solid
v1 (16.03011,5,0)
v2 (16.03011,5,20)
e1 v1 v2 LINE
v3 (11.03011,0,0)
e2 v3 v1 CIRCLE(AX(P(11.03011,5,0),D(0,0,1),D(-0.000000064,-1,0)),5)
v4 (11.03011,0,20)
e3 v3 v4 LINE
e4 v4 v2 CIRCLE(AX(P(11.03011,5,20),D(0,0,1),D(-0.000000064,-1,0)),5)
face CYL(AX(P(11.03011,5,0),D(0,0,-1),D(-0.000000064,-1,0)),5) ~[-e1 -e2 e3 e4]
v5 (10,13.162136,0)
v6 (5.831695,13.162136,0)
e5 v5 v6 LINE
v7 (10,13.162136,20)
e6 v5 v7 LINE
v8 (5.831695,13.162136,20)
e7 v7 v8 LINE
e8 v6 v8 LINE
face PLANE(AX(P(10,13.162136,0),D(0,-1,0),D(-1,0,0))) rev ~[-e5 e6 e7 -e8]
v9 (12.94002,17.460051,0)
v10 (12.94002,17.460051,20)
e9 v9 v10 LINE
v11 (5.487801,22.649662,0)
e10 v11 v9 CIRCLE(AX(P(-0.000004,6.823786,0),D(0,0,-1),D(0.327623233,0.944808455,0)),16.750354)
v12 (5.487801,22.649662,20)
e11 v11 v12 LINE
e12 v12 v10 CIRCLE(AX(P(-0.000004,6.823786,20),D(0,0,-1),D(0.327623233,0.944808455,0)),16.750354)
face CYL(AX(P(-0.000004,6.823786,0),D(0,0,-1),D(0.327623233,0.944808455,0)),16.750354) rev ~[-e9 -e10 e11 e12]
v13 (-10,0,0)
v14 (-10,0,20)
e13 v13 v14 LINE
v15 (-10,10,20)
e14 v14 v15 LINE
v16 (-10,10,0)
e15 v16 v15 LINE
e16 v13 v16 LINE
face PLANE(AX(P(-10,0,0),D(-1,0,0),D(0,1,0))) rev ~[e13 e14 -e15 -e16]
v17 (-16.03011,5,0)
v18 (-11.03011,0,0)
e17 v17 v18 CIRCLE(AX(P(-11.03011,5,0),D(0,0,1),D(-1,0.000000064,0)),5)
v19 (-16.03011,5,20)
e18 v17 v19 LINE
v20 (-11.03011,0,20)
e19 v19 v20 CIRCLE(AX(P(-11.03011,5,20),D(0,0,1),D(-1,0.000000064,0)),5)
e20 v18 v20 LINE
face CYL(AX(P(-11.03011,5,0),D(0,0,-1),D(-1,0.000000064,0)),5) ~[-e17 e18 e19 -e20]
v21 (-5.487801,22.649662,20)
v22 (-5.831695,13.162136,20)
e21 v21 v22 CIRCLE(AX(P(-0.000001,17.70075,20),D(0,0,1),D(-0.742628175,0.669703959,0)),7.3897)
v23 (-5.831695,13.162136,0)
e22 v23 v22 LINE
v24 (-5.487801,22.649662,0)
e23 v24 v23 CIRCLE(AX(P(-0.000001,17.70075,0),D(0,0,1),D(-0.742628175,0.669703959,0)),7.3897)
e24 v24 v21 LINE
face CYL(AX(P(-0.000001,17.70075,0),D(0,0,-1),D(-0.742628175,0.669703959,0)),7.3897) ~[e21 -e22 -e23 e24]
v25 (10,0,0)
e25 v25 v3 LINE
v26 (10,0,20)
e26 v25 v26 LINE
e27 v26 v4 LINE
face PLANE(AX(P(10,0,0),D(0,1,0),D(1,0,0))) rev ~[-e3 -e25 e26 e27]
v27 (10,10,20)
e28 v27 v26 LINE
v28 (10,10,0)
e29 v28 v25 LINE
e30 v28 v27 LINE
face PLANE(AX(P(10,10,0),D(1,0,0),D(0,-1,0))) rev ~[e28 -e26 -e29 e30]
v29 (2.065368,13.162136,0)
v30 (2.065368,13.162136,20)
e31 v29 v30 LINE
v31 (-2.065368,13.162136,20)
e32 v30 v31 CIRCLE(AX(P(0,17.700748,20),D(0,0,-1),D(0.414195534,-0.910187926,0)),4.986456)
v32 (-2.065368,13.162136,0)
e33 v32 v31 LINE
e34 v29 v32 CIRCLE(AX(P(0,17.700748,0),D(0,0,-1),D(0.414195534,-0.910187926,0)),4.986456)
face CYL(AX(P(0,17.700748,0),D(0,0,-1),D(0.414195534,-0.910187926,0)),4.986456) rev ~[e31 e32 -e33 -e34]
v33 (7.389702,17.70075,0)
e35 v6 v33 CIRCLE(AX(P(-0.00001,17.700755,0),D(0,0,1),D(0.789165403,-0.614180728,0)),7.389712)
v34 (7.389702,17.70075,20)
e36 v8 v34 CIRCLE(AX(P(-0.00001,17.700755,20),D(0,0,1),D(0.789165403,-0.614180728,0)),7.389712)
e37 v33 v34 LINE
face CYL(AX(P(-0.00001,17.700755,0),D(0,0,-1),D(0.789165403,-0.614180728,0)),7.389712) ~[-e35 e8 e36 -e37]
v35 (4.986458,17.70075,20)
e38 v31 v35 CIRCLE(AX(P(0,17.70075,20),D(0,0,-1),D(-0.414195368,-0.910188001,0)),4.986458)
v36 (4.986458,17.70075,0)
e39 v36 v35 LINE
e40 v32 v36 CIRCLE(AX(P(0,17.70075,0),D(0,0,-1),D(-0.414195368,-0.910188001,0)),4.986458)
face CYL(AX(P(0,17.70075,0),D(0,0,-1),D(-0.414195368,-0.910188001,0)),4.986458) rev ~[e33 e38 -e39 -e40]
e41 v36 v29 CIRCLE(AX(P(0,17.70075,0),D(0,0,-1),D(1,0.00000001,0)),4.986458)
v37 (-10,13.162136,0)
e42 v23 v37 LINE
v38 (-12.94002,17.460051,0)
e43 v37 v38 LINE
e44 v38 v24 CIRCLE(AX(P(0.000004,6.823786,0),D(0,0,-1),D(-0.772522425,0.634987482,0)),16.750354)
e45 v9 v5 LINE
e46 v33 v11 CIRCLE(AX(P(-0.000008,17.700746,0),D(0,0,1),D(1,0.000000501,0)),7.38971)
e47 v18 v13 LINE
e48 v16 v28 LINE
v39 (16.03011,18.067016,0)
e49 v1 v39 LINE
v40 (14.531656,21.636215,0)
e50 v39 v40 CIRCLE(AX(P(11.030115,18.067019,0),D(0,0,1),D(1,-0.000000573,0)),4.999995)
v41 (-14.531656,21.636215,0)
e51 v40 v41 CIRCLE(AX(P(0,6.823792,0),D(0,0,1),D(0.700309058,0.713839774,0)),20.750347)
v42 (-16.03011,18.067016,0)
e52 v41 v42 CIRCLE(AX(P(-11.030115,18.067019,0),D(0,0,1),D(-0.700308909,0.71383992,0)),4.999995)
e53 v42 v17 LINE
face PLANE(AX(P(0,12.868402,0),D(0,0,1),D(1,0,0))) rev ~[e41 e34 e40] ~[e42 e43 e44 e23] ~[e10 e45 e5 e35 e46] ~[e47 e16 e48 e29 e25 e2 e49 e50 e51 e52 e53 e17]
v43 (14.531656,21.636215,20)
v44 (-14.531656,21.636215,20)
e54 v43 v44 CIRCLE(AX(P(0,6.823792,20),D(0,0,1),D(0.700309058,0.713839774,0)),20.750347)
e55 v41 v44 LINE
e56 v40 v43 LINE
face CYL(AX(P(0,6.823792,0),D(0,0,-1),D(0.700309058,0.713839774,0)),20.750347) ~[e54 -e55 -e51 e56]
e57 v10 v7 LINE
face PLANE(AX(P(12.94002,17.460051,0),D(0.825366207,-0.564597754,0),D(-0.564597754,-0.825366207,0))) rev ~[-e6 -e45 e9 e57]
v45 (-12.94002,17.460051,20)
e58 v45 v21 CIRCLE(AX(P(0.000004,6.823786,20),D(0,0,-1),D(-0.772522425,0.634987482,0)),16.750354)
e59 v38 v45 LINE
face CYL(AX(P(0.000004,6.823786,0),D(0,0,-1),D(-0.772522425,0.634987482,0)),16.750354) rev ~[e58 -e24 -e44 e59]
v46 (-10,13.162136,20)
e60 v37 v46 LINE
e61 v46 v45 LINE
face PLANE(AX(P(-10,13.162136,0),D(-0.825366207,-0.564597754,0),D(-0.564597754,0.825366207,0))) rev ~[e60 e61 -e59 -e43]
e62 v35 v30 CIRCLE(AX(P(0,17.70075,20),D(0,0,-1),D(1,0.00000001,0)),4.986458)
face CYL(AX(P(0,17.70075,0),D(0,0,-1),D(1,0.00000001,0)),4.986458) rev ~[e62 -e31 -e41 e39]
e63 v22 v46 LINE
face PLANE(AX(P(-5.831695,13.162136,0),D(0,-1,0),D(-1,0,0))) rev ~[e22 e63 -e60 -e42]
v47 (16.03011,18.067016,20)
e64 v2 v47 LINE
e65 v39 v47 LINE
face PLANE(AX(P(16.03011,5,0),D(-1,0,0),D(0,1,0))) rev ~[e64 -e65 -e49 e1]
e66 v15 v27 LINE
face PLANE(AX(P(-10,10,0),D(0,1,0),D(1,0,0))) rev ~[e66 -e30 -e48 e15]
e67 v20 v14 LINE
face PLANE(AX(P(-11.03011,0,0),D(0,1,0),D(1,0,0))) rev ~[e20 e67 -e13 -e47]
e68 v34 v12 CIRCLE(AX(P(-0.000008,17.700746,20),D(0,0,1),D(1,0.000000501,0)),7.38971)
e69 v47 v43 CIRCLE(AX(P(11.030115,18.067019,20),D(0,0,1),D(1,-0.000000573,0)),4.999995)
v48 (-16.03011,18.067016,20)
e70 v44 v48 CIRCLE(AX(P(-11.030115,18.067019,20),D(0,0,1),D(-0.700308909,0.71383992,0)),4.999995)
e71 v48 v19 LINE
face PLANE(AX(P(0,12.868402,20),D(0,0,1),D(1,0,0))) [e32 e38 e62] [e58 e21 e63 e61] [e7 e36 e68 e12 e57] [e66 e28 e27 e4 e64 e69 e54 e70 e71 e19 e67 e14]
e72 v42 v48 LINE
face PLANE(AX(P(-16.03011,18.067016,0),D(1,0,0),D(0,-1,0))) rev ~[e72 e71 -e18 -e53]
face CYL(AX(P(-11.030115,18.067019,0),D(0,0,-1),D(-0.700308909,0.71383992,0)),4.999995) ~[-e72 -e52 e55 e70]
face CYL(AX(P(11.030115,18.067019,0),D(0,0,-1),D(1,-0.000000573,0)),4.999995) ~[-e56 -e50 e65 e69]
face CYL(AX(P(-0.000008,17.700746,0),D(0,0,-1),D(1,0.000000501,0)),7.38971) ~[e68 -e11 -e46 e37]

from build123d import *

# Parameters (mm, degrees)
F1_DEPTH = 20


with BuildPart() as f1:
    # F0 (on Top) → F1 (new body)
    with BuildSketch(Plane.XY):
        with BuildLine():
            Line((10, 10), (10, 0))
            Line((10, 0), (11.03011, 0))
            ThreePointArc((11.03011, 0), (14.565644, 1.464466), (16.03011, 5))
            Line((16.03011, 5), (16.03011, 18.067016))
            ThreePointArc((16.03011, 18.067016), (15.640302, 20.00251), (14.531656, 21.636215))
            ThreePointArc((14.531656, 21.636215), (0, 27.574139), (-14.531656, 21.636215))
            ThreePointArc((-14.531656, 21.636215), (-15.640302, 20.00251), (-16.03011, 18.067016))
            Line((-16.03011, 18.067016), (-16.03011, 5))
            ThreePointArc((-16.03011, 5), (-14.565644, 1.464466), (-11.03011, 0))
            Line((-11.03011, 0), (-10, 0))
            Line((-10, 0), (-10, 10))
            Line((-10, 10), (10, 10))
        make_face()
        with BuildLine():
            ThreePointArc((5.831695, 13.162136), (0, 10.311049), (-5.831695, 13.162136))
            Line((-5.831695, 13.162136), (-10, 13.162136))
            Line((-10, 13.162136), (-12.94002, 17.460051))
            ThreePointArc((-12.94002, 17.460051), (-9.572312, 20.569517), (-5.487801, 22.649662))
            ThreePointArc((-5.487801, 22.649662), (0, 25.090452), (5.487801, 22.649662))
            ThreePointArc((5.487801, 22.649662), (9.572312, 20.569517), (12.94002, 17.460051))
            Line((12.94002, 17.460051), (10, 13.162136))
            Line((10, 13.162136), (5.831695, 13.162136))
        make_face(mode=Mode.SUBTRACT)
        with BuildLine():
            ThreePointArc((2.065368, 13.162136), (0, 12.714292), (-2.065368, 13.162136))
            Line((-2.065368, 13.162136), (-5.831695, 13.162136))
            ThreePointArc((-5.831695, 13.162136), (0, 10.311049), (5.831695, 13.162136))
            Line((5.831695, 13.162136), (2.065368, 13.162136))
        make_face()
        with BuildLine():
            ThreePointArc((5.487801, 22.649662), (0, 25.090452), (-5.487801, 22.649662))
            ThreePointArc((-5.487801, 22.649662), (0, 23.574139), (5.487801, 22.649662))
        make_face()
        with BuildLine():
            ThreePointArc((-2.065368, 13.162136), (-2.698694, 21.893818), (4.986458, 17.70075))
            ThreePointArc((4.986458, 17.70075), (4.193068, 15.002057), (2.065368, 13.162136))
            Line((2.065368, 13.162136), (5.831695, 13.162136))
            ThreePointArc((5.831695, 13.162136), (6.989355, 15.301459), (7.389702, 17.70075))
            ThreePointArc((7.389702, 17.70075), (6.897858, 20.351644), (5.487801, 22.649662))
            ThreePointArc((5.487801, 22.649662), (0, 23.574139), (-5.487801, 22.649662))
            ThreePointArc((-5.487801, 22.649662), (-7.384852, 17.968429), (-5.831695, 13.162136))
            Line((-5.831695, 13.162136), (-2.065368, 13.162136))
        make_face()
    extrude(amount=F1_DEPTH)


solid = f1.part
